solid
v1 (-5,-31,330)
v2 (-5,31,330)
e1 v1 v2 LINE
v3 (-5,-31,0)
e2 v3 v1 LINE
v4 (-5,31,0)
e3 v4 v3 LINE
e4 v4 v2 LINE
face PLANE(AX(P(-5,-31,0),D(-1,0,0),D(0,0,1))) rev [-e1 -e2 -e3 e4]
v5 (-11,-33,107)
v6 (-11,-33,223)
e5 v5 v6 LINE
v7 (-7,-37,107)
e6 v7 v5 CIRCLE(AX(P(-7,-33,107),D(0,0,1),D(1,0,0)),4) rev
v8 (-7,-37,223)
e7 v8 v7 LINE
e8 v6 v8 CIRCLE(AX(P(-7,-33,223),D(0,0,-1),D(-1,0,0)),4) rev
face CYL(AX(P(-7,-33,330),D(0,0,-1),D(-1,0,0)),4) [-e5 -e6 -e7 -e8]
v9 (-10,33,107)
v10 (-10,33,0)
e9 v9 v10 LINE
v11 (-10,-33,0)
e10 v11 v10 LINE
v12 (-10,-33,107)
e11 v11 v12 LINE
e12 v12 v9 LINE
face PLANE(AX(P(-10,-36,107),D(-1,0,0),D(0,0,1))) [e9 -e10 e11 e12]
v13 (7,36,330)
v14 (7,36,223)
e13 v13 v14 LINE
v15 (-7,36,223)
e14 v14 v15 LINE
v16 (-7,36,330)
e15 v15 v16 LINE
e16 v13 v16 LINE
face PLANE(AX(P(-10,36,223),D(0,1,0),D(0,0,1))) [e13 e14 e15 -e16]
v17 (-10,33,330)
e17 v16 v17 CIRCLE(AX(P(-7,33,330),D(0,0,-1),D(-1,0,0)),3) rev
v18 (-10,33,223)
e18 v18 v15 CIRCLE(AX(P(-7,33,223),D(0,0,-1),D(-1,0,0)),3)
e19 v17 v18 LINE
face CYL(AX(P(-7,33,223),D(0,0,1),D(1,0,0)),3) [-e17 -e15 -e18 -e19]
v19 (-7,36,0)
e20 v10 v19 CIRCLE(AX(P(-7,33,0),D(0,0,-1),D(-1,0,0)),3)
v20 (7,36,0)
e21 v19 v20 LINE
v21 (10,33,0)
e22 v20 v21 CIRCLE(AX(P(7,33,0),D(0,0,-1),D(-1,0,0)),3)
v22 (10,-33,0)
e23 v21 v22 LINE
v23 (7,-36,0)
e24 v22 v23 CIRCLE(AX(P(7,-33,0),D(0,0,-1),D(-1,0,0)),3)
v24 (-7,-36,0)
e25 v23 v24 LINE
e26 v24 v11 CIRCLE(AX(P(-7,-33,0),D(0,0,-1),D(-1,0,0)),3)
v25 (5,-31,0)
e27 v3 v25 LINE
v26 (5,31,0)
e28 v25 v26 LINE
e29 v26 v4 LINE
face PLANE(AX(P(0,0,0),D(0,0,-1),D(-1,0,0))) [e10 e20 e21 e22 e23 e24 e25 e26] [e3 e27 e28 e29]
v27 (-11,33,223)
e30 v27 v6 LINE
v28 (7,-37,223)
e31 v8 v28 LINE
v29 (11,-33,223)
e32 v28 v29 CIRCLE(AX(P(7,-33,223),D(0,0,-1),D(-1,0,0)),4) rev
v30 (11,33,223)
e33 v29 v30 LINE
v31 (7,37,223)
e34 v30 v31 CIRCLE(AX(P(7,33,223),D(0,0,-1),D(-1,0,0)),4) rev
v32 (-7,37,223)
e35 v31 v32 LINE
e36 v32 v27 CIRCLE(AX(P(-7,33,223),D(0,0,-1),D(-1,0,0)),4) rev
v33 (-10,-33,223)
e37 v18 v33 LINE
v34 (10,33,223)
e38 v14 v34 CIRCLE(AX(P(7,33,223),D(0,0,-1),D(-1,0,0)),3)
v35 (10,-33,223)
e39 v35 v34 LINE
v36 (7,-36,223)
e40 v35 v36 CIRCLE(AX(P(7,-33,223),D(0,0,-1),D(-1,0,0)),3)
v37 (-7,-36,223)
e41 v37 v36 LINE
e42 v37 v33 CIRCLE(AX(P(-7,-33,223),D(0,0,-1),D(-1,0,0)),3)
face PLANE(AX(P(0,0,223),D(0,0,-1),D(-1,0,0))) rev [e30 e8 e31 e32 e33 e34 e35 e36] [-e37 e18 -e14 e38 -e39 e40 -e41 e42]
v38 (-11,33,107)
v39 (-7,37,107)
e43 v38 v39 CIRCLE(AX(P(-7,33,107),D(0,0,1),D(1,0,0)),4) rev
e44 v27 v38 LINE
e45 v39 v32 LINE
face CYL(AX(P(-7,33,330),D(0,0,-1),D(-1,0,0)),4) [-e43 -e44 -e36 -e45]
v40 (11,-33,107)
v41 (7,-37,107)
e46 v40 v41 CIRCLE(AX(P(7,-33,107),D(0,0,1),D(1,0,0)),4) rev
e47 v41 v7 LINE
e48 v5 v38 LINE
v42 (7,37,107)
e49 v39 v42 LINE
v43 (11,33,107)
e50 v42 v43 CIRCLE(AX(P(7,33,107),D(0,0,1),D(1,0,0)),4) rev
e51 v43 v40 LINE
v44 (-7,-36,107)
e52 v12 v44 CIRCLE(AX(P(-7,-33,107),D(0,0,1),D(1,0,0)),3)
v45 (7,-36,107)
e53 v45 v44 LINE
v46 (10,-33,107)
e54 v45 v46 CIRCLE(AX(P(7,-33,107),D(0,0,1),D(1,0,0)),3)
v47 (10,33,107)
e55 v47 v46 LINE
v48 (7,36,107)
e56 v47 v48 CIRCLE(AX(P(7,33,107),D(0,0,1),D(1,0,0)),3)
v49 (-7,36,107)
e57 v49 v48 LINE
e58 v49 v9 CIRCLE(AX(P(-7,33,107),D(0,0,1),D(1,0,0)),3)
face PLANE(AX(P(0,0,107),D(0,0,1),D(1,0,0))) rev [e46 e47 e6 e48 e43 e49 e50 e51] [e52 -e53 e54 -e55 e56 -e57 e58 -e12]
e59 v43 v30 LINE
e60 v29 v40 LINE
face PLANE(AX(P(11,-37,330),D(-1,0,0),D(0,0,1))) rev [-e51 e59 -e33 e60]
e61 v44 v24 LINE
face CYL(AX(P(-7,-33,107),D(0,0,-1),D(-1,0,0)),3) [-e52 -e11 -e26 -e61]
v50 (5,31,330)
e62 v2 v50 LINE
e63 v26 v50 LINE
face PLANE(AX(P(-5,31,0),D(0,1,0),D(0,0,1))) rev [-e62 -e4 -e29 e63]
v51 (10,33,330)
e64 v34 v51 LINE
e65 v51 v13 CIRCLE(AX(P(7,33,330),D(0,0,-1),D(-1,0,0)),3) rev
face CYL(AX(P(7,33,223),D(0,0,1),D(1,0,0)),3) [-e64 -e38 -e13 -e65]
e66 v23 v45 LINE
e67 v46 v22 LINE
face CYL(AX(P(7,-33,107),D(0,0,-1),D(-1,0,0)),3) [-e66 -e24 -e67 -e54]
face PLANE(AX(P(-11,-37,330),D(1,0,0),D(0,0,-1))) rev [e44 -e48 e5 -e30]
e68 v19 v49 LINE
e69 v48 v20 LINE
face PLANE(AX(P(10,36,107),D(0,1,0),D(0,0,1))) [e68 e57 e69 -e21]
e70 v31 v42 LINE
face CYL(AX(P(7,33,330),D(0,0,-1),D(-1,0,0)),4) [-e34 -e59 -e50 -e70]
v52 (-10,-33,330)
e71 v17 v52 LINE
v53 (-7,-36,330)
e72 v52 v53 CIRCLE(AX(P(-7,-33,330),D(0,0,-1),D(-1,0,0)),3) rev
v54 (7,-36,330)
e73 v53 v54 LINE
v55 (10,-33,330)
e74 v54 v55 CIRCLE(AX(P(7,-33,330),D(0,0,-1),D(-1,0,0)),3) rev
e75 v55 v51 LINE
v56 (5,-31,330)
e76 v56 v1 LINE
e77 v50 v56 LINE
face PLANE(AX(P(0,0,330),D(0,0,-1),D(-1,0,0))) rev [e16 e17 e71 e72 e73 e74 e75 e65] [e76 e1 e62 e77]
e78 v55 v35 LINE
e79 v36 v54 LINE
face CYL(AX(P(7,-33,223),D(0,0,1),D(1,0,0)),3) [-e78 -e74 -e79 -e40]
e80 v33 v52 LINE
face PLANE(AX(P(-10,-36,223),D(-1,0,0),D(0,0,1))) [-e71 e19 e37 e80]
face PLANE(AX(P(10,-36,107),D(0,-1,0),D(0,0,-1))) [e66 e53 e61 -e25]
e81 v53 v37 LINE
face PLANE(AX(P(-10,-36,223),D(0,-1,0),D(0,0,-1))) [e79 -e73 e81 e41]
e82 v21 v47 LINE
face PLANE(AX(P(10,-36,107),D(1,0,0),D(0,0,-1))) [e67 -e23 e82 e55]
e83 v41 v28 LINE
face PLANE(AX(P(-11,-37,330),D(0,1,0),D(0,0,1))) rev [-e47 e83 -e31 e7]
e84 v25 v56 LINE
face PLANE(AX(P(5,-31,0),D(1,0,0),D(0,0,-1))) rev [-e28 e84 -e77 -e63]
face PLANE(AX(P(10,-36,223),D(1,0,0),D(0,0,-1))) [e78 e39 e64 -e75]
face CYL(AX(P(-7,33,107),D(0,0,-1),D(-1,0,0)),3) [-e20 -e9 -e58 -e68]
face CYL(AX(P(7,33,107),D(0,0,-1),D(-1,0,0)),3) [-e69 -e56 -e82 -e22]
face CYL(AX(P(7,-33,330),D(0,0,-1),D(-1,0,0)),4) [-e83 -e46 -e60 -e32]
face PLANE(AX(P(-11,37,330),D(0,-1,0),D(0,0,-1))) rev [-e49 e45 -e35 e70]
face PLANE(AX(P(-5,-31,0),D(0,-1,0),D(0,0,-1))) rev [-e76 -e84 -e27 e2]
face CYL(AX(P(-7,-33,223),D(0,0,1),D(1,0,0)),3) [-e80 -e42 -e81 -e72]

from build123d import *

# Parameters (mm, degrees)
SKETCH1_W               = 22
SKETCH1_H               = 74
BOSS_EXTRUDE1_DEPTH     = 330
SKETCH4_W               = 10
SKETCH4_H               = 62
CUT_EXTRUDE2_DEPTH      = 1
CUT_EXTRUDE2_DEPTH_BACK = 331
SKETCH6_W               = 22
SKETCH6_H               = 74
SKETCH6_W_2             = 20
SKETCH6_H_2             = 72
CUT_EXTRUDE4_DEPTH      = 107
SKETCH7_W               = 22
SKETCH7_H               = 74
SKETCH7_W_2             = 20
SKETCH7_H_2             = 72
CUT_EXTRUDE5_DEPTH      = 107
FILLET1_R               = 3
FILLET2_R               = 4


with BuildPart() as part:
    # Sketch1 → Boss-Extrude1 (new body)
    with BuildSketch(Plane.XY):
        Rectangle(SKETCH1_W, SKETCH1_H)
    extrude(amount=BOSS_EXTRUDE1_DEPTH)

    # Sketch4 → Cut-Extrude2 (cut, two sides)
    with BuildSketch(Plane.XY.offset(330)) as cut_extrude2_sk:
        Rectangle(SKETCH4_W, SKETCH4_H)
    extrude(amount=CUT_EXTRUDE2_DEPTH, mode=Mode.SUBTRACT)
    extrude(cut_extrude2_sk.sketch, amount=-CUT_EXTRUDE2_DEPTH_BACK, mode=Mode.SUBTRACT)

    # Sketch6 → Cut-Extrude4 (cut)
    with BuildSketch(Plane.XY.offset(330)):
        Rectangle(SKETCH6_W, SKETCH6_H)
        Rectangle(SKETCH6_W_2, SKETCH6_H_2, mode=Mode.SUBTRACT)
    extrude(amount=-CUT_EXTRUDE4_DEPTH, mode=Mode.SUBTRACT)

    # Sketch7 → Cut-Extrude5 (cut)
    with BuildSketch(Plane(origin=(0, 0, 0), x_dir=(-1, 0, 0), z_dir=(0, 0, -1))):
        Rectangle(SKETCH7_W, SKETCH7_H)
        Rectangle(SKETCH7_W_2, SKETCH7_H_2, mode=Mode.SUBTRACT)
    extrude(amount=-CUT_EXTRUDE5_DEPTH, mode=Mode.SUBTRACT)

    # Fillet1
    fillet1_edges = [part.edges().sort_by_distance(p)[0] for p in [
        (10, -36, 276.5),
        (-10, -36, 276.5),
        (-10, 36, 276.5),
        (10, 36, 276.5),
        (-10, -36, 53.5),
        (10, -36, 53.5),
        (10, 36, 53.5),
        (-10, 36, 53.5),
    ]]
    fillet(fillet1_edges, radius=FILLET1_R)

    # Fillet2
    fillet2_edges = [part.edges().sort_by_distance(p)[0] for p in [
        (11, -37, 165),
        (-11, -37, 165),
        (-11, 37, 165),
        (11, 37, 165),
    ]]
    fillet(fillet2_edges, radius=FILLET2_R)


solid = part.part
